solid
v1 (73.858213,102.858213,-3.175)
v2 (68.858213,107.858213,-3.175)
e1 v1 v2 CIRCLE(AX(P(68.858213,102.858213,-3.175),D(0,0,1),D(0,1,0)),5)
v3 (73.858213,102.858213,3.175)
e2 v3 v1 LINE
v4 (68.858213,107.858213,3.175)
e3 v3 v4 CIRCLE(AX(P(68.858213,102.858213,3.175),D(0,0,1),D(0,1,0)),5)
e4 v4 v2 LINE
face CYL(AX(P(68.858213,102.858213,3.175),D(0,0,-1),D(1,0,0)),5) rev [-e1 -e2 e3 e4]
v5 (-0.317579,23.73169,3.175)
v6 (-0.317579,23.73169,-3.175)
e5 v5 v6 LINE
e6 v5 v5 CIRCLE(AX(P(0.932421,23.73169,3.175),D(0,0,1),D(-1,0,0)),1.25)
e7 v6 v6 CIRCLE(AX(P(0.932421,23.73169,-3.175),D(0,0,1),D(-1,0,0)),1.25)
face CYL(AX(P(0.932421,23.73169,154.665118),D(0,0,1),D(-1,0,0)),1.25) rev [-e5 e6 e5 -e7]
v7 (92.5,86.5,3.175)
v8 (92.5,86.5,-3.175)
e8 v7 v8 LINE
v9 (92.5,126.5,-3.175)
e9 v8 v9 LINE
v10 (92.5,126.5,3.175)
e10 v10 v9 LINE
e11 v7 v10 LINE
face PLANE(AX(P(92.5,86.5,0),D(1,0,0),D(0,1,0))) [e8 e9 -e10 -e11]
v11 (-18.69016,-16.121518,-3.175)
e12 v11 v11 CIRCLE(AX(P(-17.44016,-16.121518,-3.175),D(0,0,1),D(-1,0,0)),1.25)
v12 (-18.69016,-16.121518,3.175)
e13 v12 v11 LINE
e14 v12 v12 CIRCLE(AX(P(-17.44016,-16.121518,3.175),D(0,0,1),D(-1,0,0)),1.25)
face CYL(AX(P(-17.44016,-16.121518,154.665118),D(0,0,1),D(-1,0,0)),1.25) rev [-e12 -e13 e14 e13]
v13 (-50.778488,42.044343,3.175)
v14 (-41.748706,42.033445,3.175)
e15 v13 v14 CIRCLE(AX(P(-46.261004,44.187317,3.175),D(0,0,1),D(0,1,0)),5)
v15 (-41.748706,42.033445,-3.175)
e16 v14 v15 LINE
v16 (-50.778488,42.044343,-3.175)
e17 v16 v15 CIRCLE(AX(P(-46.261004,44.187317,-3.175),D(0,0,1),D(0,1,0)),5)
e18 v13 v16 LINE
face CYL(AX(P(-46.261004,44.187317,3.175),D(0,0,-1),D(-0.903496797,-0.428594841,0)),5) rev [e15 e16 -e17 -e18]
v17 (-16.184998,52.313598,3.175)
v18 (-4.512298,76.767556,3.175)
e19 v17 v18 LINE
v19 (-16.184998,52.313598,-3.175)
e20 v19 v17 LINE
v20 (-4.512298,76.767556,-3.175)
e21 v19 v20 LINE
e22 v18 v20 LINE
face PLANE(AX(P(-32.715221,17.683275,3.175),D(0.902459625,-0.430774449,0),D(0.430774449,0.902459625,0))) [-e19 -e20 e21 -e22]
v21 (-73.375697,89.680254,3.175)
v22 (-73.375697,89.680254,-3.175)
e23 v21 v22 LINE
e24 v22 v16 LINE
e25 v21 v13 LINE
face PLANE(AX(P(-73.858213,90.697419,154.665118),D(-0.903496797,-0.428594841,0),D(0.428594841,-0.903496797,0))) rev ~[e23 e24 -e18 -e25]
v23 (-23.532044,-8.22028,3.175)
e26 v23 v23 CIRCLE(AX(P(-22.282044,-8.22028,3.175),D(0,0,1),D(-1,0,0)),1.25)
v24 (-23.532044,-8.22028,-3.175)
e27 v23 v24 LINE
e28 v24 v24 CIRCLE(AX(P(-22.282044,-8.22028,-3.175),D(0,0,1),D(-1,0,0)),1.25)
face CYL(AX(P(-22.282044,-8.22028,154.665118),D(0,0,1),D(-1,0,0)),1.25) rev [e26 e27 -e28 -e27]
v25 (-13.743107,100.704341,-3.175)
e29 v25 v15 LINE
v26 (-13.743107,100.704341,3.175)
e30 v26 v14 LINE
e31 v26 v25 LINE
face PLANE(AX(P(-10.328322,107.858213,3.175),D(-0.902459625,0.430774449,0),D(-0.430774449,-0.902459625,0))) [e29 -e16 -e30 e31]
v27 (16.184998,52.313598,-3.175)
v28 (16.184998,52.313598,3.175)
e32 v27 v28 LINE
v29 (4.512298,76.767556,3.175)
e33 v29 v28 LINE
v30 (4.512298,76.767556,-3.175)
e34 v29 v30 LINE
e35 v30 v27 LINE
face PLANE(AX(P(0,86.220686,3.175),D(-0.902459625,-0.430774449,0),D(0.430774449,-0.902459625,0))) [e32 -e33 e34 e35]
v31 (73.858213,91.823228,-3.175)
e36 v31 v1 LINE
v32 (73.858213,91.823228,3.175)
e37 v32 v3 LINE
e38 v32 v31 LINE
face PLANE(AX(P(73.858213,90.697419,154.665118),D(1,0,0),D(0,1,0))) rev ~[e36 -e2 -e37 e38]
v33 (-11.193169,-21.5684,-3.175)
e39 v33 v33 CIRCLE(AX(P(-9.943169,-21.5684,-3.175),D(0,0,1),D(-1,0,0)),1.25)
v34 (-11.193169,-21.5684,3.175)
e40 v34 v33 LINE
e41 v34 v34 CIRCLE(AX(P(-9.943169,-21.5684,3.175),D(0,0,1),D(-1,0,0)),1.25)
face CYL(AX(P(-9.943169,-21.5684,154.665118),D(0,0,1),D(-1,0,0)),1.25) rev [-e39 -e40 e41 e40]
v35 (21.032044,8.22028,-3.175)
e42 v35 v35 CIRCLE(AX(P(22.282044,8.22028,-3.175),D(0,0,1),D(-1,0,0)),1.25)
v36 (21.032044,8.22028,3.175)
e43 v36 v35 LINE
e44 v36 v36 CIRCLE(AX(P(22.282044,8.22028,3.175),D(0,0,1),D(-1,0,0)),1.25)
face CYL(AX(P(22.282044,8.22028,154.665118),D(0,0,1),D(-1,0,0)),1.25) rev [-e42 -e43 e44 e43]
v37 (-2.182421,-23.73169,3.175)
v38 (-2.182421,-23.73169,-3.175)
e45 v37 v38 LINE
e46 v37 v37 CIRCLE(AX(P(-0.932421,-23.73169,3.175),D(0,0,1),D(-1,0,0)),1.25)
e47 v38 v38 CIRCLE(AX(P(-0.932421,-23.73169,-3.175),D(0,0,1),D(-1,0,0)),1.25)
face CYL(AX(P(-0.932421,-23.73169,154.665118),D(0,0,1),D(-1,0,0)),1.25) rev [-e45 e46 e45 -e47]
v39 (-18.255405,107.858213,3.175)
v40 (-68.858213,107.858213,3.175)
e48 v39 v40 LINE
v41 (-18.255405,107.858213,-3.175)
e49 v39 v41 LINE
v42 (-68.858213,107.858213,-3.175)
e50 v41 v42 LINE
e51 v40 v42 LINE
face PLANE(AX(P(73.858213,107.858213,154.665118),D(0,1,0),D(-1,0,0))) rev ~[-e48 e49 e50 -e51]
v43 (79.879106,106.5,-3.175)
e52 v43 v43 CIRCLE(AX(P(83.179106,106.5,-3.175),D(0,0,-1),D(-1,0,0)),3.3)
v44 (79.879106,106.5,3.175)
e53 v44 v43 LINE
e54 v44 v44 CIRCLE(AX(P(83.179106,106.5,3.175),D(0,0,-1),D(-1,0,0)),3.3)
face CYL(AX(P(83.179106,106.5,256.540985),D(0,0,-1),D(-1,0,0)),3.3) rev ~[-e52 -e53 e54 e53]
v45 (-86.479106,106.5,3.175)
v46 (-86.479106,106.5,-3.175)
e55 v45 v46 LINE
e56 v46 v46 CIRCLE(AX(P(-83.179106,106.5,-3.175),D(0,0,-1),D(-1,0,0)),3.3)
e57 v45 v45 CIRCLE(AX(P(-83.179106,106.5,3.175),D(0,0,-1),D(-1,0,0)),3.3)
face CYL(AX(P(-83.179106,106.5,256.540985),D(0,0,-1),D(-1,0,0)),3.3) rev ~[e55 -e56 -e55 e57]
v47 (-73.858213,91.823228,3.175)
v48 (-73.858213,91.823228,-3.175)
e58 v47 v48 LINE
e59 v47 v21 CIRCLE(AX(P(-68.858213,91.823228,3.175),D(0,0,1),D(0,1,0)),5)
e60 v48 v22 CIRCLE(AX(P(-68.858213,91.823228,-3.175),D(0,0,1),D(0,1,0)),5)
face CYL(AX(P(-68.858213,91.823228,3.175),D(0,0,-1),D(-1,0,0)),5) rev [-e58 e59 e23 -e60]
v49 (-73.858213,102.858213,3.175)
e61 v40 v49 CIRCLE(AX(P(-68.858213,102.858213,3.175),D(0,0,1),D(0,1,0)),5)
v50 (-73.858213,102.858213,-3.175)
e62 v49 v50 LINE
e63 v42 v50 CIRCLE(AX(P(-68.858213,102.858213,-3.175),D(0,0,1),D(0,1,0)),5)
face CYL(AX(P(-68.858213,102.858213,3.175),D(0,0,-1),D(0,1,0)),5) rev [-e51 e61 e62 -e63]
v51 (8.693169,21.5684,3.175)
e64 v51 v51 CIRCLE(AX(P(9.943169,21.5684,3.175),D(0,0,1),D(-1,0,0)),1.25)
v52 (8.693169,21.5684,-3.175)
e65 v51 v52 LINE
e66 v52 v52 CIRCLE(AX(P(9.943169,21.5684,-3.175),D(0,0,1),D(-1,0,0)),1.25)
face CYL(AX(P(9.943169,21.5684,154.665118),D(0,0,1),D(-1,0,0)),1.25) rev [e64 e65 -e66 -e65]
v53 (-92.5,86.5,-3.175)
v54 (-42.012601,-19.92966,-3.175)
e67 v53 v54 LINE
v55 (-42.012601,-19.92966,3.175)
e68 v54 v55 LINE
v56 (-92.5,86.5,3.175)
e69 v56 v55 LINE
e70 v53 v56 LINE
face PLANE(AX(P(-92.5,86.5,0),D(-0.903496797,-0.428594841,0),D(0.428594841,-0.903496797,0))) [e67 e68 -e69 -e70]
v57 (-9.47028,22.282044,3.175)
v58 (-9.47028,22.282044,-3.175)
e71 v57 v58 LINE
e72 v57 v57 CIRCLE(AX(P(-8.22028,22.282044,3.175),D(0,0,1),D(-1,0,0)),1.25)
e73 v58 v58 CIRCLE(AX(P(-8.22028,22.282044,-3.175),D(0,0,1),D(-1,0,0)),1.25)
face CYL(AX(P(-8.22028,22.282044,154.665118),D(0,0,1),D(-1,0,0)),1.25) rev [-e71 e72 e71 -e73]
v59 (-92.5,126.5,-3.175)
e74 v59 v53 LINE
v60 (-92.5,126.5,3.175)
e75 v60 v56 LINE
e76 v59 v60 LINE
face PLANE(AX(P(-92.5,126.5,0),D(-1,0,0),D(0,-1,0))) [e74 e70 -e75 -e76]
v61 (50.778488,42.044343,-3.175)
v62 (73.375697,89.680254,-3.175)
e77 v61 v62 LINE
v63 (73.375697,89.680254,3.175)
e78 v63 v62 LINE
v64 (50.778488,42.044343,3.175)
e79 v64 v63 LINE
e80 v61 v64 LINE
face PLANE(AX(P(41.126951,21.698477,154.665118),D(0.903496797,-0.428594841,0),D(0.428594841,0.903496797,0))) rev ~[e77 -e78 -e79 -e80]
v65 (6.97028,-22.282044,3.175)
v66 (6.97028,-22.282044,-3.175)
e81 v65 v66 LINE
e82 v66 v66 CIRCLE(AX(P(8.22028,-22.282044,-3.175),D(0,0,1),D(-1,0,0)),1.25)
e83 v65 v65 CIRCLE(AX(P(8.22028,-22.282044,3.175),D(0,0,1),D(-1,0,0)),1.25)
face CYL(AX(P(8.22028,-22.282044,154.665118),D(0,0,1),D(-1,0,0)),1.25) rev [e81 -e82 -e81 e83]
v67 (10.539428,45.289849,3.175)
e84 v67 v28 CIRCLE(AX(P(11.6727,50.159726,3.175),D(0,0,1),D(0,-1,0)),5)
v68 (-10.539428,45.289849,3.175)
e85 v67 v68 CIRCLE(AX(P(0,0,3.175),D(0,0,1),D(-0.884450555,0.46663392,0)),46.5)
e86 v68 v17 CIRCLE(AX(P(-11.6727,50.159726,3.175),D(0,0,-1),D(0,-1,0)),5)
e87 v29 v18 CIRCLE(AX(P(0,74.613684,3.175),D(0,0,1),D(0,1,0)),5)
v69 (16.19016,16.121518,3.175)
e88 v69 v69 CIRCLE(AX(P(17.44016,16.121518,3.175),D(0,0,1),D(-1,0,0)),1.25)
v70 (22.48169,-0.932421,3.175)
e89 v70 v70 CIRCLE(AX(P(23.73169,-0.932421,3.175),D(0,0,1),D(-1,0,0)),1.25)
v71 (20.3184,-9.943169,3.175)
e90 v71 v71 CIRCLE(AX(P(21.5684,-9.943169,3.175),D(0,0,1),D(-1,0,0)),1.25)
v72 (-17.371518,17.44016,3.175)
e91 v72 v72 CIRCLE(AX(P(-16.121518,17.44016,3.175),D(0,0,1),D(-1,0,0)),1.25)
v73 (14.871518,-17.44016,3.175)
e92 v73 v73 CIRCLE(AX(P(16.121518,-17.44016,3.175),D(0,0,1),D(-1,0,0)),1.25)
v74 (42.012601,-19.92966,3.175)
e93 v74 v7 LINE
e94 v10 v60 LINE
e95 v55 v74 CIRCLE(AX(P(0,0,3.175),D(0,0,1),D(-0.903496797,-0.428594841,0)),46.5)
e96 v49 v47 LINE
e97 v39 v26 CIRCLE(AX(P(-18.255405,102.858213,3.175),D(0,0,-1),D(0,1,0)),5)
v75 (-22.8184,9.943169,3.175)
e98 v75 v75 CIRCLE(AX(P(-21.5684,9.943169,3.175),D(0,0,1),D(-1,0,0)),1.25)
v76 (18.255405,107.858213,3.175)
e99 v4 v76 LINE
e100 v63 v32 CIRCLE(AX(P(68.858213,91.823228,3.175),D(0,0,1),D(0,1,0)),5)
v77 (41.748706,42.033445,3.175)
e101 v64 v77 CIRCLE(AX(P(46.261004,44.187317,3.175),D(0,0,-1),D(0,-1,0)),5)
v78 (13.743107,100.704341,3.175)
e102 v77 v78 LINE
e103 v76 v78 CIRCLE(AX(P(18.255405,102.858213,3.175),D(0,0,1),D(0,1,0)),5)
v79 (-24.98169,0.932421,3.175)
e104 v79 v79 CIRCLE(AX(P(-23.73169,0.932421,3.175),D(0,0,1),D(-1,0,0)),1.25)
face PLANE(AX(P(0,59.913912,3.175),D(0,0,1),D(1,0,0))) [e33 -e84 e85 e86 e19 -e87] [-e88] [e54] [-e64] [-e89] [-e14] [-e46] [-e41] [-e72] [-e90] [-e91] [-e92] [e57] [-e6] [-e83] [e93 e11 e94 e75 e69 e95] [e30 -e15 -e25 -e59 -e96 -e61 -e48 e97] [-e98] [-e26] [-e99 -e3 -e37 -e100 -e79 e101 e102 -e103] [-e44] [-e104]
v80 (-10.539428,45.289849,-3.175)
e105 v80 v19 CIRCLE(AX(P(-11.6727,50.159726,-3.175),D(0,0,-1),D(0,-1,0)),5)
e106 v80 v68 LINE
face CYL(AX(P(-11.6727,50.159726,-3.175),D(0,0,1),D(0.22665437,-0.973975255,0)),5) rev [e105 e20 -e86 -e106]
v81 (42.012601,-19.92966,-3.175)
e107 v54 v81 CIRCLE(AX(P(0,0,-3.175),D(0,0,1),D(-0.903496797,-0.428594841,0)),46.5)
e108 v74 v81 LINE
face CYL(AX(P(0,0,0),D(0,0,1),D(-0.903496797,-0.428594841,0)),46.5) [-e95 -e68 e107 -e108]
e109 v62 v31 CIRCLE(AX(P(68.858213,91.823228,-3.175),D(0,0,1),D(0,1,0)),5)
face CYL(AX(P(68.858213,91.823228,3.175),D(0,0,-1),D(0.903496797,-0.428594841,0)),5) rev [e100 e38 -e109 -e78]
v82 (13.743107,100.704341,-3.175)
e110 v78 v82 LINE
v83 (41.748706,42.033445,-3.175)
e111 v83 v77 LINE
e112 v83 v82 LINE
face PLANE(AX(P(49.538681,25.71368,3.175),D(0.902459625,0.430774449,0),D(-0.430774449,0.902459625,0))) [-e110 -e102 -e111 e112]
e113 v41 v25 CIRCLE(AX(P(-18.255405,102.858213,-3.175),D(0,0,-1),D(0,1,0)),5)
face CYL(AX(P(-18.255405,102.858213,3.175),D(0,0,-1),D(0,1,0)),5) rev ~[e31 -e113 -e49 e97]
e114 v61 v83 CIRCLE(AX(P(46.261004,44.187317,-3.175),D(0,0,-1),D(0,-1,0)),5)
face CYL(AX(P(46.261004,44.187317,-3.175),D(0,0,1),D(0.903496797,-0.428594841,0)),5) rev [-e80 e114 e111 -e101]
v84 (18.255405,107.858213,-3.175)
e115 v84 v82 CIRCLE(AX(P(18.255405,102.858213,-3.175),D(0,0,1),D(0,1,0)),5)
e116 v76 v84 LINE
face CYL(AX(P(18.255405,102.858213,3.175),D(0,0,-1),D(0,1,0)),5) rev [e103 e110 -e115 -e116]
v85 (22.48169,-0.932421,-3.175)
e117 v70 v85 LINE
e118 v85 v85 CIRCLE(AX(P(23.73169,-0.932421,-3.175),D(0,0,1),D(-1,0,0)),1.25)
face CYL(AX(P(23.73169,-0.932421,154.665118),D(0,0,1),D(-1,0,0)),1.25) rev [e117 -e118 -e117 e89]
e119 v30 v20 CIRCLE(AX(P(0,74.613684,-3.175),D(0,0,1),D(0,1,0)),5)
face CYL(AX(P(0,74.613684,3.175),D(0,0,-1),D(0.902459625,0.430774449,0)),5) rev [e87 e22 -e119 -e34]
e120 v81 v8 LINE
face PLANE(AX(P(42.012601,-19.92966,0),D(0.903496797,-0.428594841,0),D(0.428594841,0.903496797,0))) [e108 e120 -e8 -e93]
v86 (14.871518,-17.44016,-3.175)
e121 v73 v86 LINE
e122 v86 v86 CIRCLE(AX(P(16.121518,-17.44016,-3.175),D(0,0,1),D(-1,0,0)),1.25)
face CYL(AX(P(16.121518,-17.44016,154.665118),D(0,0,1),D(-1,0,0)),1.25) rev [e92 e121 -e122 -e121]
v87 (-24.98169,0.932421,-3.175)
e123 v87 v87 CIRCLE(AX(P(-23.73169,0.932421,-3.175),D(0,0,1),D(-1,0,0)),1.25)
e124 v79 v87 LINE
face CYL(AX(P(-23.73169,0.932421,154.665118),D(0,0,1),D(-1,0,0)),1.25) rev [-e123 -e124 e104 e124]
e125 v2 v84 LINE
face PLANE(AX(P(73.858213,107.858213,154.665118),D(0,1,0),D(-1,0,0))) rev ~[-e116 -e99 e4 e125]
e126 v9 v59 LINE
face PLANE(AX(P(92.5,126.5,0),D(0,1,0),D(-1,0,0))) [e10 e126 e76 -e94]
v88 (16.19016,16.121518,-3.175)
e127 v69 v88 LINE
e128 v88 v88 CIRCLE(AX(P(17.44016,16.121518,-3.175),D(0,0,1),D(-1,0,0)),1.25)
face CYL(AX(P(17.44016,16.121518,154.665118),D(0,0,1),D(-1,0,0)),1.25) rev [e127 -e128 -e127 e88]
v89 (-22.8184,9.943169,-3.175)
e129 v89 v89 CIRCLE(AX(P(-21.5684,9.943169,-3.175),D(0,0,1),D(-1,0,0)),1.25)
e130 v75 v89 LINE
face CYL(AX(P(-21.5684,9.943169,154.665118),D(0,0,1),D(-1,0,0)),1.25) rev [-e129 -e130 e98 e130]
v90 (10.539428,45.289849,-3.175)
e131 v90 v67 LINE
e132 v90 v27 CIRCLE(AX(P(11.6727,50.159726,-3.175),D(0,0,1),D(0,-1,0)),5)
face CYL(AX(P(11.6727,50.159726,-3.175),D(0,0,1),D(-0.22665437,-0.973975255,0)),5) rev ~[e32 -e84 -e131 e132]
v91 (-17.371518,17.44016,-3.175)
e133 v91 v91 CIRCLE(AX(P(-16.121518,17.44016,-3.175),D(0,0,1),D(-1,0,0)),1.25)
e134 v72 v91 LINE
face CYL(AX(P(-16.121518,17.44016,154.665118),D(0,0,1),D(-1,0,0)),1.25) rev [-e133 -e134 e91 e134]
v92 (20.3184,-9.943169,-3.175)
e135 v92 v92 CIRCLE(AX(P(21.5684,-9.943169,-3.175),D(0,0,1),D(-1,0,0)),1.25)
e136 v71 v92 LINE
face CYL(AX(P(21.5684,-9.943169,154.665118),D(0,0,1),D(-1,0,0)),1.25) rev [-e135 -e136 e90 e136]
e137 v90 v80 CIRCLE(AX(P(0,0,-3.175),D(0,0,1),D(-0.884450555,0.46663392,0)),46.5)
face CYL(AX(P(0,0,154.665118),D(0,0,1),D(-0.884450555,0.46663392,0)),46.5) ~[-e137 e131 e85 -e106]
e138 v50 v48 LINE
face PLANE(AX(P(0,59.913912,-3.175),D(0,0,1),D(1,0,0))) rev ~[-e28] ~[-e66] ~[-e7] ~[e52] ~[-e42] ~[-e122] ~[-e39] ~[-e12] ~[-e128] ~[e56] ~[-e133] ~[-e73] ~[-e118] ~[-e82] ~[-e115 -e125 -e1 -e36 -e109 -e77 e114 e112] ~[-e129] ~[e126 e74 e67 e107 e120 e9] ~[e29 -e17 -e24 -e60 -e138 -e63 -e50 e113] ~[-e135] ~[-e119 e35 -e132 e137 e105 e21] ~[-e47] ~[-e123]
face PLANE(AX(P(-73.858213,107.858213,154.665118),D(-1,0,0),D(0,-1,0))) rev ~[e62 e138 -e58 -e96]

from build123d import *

# Parameters (mm, degrees)
BOSS_EXTRUDE1_DEPTH     = 3.175
CUT_EXTRUDE2_DEPTH      = 157.840117636
CUT_EXTRUDE2_DEPTH_BACK = 157.840117636
SKETCH3_R               = 1.25
CUT_EXTRUDE3_DEPTH      = 157.840117636
CUT_EXTRUDE3_DEPTH_BACK = 157.840117636
BOSS_EXTRUDE2_DEPTH     = 6.35
FILLET1_R               = 5
M6_CLEARANCE_HOLE1_D    = 6.6


with BuildPart() as part:
    # Sketch1 → Boss-Extrude1 (new, symmetric)
    with BuildSketch(Plane.XY):
        with BuildLine():
            Line((92.5, 126.5), (-92.5, 126.5))
            Line((-92.5, 126.5), (-92.5, 86.5))
            Line((-92.5, 86.5), (-42.012601066, -19.929660099))
            ThreePointArc((-42.012601066, -19.929660099), (0, -46.5), (42.012601066, -19.929660099))
            Line((42.012601066, -19.929660099), (92.5, 86.5))
            Line((92.5, 86.5), (92.5, 126.5))
        make_face()
    extrude(amount=BOSS_EXTRUDE1_DEPTH, both=True)

    # Sketch3 → Cut-Extrude2 (cut, two sides: drawn at the far end of the back side and taken through both)
    with BuildSketch(Plane(origin=(0, 0, -3.175), x_dir=(-1, 0, 0), z_dir=(0, 0, -1)).offset(-CUT_EXTRUDE2_DEPTH_BACK)):
        with Locations((17.440159599, -16.121517706)):
            Circle(SKETCH3_R)
        with Locations((22.282044228, -8.220280106)):
            Circle(SKETCH3_R)
        with Locations((9.943168767, -21.568400378)):
            Circle(SKETCH3_R)
        with Locations((0.932420624, -23.731689611)):
            Circle(SKETCH3_R)
        with Locations((-8.220280106, -22.282044228)):
            Circle(SKETCH3_R)
        with Locations((-16.121517706, -17.440159599)):
            Circle(SKETCH3_R)
        with Locations((-21.568400378, -9.943168767)):
            Circle(SKETCH3_R)
        with Locations((-23.731689611, -0.932420624)):
            Circle(SKETCH3_R)
        with Locations((-22.282044228, 8.220280106)):
            Circle(SKETCH3_R)
        with Locations((-17.440159599, 16.121517706)):
            Circle(SKETCH3_R)
        with Locations((-9.943168767, 21.568400378)):
            Circle(SKETCH3_R)
        with Locations((-0.932420624, 23.731689611)):
            Circle(SKETCH3_R)
        with Locations((8.220280106, 22.282044228)):
            Circle(SKETCH3_R)
        with Locations((16.121517706, 17.440159599)):
            Circle(SKETCH3_R)
        with Locations((21.568400378, 9.943168767)):
            Circle(SKETCH3_R)
        with Locations((23.731689611, 0.932420624)):
            Circle(SKETCH3_R)
    extrude(amount=CUT_EXTRUDE2_DEPTH + CUT_EXTRUDE2_DEPTH_BACK, mode=Mode.SUBTRACT)

    # Sketch4 → Cut-Extrude3 (cut, two sides: drawn at the far end of the back side and taken through both)
    with BuildSketch(Plane(origin=(0, 0, -3.175), x_dir=(-1, 0, 0), z_dir=(0, 0, -1)).offset(-CUT_EXTRUDE3_DEPTH_BACK)):
        with BuildLine():
            Line((-41.126950817, 21.698477285), (-73.85821292, 90.697419076))
            Line((-73.85821292, 90.697419076), (-73.85821292, 107.85821292))
            Line((-73.85821292, 107.85821292), (73.85821292, 107.85821292))
            Line((73.85821292, 107.85821292), (73.85821292, 90.697419076))
            Line((73.85821292, 90.697419076), (41.126950817, 21.698477285))
            ThreePointArc((41.126950817, 21.698477285), (0, 46.5), (-41.126950817, 21.698477285))
        make_face()
    extrude(amount=CUT_EXTRUDE3_DEPTH + CUT_EXTRUDE3_DEPTH_BACK, mode=Mode.SUBTRACT)

    # Sketch6 → Boss-Extrude2 (add)
    with BuildSketch(Plane.XY.offset(3.175)):
        Polygon((-32.71522073, 17.68327451), (0, 86.220686434), (32.71522073, 17.68327451), (49.538680905, 25.71368006), (10.328321936, 107.85821292), (-10.328321936, 107.85821292), (-49.538680905, 25.71368006), align=None)
    extrude(amount=-BOSS_EXTRUDE2_DEPTH)

    # Fillet1
    fillet1_edges = [part.edges().sort_by_distance(p)[0] for p in [
        (73.85821292, 90.697419076, 0),
        (73.85821292, 107.85821292, 0),
        (-73.85821292, 107.85821292, 0),
        (-73.85821292, 90.697419076, 0),
        (-46.275048201, 32.550893259, 0),
        (-21.466818467, 41.248341844, 0),
        (21.466818467, 41.248341844, 0),
        (0, 86.220686434, 0),
        (10.328321936, 107.85821292, 0),
        (-10.328321936, 107.85821292, 0),
        (46.275048201, 32.550893259, 0),
    ]]
    fillet(fillet1_edges, radius=FILLET1_R)

    # M6 Clearance Hole1 (through all)
    with Locations(Plane.XY.offset(3.175)):
        with Locations((83.17910646, 106.5), (-83.17910646, 106.5)):
            Hole(M6_CLEARANCE_HOLE1_D / 2)


solid = part.part
